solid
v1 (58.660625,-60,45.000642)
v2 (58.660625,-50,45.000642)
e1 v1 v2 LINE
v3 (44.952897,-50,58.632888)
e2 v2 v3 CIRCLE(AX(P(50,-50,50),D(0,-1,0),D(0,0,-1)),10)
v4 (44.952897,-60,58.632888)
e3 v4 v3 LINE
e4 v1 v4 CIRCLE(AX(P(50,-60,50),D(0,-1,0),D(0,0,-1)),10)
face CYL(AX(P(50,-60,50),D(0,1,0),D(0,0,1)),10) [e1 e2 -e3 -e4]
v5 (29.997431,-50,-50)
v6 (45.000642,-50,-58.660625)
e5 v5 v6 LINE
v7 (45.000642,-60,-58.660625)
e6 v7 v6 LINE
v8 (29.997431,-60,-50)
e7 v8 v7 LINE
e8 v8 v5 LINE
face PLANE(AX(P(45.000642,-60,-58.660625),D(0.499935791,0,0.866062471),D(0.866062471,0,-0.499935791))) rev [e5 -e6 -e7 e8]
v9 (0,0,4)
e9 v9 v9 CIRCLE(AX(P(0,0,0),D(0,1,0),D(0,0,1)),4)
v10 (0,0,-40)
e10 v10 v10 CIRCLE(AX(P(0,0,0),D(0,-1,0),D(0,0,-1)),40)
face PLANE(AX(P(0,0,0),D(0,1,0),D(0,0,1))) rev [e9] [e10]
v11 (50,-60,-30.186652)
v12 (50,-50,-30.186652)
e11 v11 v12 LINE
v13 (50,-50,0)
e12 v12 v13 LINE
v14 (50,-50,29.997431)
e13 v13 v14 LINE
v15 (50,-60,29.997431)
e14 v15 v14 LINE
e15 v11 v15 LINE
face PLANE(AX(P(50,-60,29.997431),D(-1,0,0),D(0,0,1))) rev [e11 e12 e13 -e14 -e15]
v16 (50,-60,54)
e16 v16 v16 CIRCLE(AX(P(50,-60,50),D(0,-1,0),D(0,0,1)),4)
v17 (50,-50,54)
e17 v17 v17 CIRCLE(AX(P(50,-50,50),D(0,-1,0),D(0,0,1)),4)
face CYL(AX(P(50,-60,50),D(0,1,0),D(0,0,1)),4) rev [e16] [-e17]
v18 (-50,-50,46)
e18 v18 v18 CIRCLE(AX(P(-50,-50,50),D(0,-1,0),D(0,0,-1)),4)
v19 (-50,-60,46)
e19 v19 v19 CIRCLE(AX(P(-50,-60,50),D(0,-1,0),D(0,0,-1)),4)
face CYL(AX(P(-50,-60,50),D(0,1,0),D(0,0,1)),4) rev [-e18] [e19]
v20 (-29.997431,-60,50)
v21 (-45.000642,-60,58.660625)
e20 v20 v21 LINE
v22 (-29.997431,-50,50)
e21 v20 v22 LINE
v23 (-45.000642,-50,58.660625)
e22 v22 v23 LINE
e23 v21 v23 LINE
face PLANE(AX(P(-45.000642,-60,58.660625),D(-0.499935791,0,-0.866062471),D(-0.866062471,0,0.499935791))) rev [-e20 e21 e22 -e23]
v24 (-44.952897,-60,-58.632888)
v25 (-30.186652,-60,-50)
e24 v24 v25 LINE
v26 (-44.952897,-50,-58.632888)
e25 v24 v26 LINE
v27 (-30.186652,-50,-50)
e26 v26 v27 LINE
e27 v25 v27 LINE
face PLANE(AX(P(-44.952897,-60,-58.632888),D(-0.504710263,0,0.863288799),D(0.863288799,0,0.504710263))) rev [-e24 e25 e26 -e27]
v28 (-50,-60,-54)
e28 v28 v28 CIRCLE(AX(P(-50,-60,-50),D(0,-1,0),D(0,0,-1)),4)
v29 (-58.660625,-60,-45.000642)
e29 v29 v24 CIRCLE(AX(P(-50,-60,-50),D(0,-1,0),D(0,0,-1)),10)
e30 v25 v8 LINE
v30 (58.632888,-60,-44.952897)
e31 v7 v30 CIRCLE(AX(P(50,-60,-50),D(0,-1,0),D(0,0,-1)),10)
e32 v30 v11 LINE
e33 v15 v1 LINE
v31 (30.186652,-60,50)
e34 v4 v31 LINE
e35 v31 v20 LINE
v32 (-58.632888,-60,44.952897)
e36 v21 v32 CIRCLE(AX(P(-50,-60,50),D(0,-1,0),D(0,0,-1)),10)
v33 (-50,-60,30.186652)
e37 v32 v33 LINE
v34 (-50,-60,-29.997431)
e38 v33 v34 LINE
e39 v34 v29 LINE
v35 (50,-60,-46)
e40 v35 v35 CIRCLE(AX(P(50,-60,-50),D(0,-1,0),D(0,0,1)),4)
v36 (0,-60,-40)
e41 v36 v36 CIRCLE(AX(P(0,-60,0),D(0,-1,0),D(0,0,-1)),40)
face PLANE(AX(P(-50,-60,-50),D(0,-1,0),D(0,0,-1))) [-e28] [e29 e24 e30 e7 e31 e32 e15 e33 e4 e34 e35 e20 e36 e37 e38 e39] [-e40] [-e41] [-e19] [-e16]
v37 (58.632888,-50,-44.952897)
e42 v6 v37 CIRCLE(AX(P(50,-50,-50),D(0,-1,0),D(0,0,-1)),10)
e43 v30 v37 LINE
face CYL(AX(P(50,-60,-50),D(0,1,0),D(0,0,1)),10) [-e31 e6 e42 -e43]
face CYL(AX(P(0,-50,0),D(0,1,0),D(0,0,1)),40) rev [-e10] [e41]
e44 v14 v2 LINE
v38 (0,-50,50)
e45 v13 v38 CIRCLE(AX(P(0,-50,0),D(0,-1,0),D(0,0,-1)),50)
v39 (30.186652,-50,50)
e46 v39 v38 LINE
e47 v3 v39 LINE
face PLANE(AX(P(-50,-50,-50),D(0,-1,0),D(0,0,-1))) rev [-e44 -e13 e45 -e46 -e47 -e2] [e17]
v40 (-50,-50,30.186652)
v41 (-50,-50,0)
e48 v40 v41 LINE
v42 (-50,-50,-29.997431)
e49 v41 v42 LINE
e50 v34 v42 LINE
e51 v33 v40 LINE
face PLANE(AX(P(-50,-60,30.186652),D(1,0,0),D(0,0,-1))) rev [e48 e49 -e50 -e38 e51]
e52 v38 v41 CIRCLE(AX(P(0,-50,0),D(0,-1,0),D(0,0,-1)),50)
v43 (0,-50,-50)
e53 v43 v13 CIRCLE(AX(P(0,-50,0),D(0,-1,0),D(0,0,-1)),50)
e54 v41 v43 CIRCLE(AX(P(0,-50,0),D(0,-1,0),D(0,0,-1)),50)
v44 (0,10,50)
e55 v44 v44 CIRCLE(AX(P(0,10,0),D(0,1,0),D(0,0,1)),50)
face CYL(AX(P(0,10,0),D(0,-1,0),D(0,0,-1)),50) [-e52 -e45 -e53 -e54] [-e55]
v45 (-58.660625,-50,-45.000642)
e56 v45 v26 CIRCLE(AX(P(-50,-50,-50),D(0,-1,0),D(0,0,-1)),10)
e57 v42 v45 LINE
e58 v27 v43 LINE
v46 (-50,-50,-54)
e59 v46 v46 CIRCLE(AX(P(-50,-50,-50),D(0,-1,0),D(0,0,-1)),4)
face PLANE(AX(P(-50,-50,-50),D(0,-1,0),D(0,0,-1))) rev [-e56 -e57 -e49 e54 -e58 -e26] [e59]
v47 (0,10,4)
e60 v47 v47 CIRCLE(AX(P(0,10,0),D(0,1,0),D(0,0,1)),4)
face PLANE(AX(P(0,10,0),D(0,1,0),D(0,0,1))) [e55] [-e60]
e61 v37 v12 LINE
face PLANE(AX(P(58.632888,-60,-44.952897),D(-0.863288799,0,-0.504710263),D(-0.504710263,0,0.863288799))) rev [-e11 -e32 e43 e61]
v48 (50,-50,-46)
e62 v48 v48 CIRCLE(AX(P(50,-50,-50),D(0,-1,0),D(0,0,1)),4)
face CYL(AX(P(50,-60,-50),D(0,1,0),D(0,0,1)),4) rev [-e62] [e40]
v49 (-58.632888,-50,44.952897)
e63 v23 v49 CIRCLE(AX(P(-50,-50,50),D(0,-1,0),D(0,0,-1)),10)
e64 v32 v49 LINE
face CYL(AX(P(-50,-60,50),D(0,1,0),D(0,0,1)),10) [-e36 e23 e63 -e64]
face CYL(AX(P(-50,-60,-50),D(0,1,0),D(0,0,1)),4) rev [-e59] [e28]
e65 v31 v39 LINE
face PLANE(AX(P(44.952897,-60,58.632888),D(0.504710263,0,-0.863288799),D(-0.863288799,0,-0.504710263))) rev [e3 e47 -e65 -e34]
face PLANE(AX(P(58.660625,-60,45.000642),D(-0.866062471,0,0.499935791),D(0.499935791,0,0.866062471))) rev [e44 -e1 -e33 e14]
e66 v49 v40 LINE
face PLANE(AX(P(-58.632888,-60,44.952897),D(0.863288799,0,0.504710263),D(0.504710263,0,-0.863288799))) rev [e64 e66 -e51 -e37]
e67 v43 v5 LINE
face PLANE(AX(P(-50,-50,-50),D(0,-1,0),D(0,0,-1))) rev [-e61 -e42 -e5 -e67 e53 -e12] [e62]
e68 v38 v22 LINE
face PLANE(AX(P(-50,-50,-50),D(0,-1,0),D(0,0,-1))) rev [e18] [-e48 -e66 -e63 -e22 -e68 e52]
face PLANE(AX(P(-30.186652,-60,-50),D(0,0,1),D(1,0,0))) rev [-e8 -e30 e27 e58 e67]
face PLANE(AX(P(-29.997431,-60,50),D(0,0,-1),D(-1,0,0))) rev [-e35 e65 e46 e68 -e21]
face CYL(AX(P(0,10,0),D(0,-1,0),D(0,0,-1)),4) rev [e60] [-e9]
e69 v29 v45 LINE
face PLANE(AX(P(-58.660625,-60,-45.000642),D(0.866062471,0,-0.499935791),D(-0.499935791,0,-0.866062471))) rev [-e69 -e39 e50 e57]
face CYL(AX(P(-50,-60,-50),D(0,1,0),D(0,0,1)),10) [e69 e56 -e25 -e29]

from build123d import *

# Parameters (mm, degrees)
SKETCH1_R           = 50
SKETCH1_R_2         = 4
BOSS_EXTRUDE1_DEPTH = 10
BOSS_EXTRUDE2_START = 50
SKETCH2_R           = 50
SKETCH2_R_2         = 40
BOSS_EXTRUDE2_DEPTH = 50
BOSS_EXTRUDE3_START = 10
SKETCH4_R           = 4
SKETCH4_R_2         = 40
BOSS_EXTRUDE3_DEPTH = 10


with BuildPart() as part:
    # Sketch1 → Boss-Extrude1 (new body)
    with BuildSketch(Plane(origin=(0, 0, 0), x_dir=(1, 0, 0), z_dir=(0, 1, 0))):
        with Locations(Location((0, 0, 0), (0, 0, 270))):
            Circle(SKETCH1_R)
        with Locations(Location((0, 0, 0), (0, 0, 270))):
            Circle(SKETCH1_R_2, mode=Mode.SUBTRACT)
    extrude(amount=BOSS_EXTRUDE1_DEPTH)

    # Sketch2 → Boss-Extrude2 (add)
    with BuildSketch(Plane.XZ.offset(BOSS_EXTRUDE2_START)):
        with Locations(Location((0, 0, 0), (0, 0, 270))):
            Circle(SKETCH2_R)
        with Locations(Location((0, 0, 0), (0, 0, 270))):
            Circle(SKETCH2_R_2, mode=Mode.SUBTRACT)
    extrude(amount=-BOSS_EXTRUDE2_DEPTH)

    # Sketch4 → Boss-Extrude3 (add)
    with BuildSketch(Plane.XZ.offset(50).offset(BOSS_EXTRUDE3_START)):
        with BuildLine():
            Line((-30.18665216, -50), (29.99743133, -50))
            Line((29.99743133, -50), (45.000642085, -58.660624714))
            ThreePointArc((45.000642085, -58.660624714), (57.090562914, -57.051518812), (58.632887989, -44.95289737))
            Line((58.632887989, -44.95289737), (50, -30.18665216))
            Line((50, -30.18665216), (50, 29.99743133))
            Line((50, 29.99743133), (58.660624714, 45.000642085))
            ThreePointArc((58.660624714, 45.000642085), (57.051518812, 57.090562914), (44.95289737, 58.632887989))
            Line((44.95289737, 58.632887989), (30.18665216, 50))
            Line((30.18665216, 50), (-29.99743133, 50))
            Line((-29.99743133, 50), (-45.000642085, 58.660624714))
            ThreePointArc((-45.000642085, 58.660624714), (-57.090562914, 57.051518812), (-58.632887989, 44.95289737))
            Line((-58.632887989, 44.95289737), (-50, 30.18665216))
            Line((-50, 30.18665216), (-50, -29.99743133))
            Line((-50, -29.99743133), (-58.660624714, -45.000642085))
            ThreePointArc((-58.660624714, -45.000642085), (-57.051518812, -57.090562914), (-44.95289737, -58.632887989))
            Line((-44.95289737, -58.632887989), (-30.18665216, -50))
        make_face()
        with Locations(Location((-50, 50, 0), (0, 0, 270))):
            Circle(SKETCH4_R, mode=Mode.SUBTRACT)
        with Locations(Location((-50, -50, 0), (0, 0, 270))):
            Circle(SKETCH4_R, mode=Mode.SUBTRACT)
        with Locations(Location((50, -50, 0), (0, 0, 90))):
            Circle(SKETCH4_R, mode=Mode.SUBTRACT)
        with Locations(Location((50, 50, 0), (0, 0, 90))):
            Circle(SKETCH4_R, mode=Mode.SUBTRACT)
        with Locations(Location((0, 0, 0), (0, 0, 270))):
            Circle(SKETCH4_R_2, mode=Mode.SUBTRACT)
    extrude(amount=-BOSS_EXTRUDE3_DEPTH)


solid = part.part
